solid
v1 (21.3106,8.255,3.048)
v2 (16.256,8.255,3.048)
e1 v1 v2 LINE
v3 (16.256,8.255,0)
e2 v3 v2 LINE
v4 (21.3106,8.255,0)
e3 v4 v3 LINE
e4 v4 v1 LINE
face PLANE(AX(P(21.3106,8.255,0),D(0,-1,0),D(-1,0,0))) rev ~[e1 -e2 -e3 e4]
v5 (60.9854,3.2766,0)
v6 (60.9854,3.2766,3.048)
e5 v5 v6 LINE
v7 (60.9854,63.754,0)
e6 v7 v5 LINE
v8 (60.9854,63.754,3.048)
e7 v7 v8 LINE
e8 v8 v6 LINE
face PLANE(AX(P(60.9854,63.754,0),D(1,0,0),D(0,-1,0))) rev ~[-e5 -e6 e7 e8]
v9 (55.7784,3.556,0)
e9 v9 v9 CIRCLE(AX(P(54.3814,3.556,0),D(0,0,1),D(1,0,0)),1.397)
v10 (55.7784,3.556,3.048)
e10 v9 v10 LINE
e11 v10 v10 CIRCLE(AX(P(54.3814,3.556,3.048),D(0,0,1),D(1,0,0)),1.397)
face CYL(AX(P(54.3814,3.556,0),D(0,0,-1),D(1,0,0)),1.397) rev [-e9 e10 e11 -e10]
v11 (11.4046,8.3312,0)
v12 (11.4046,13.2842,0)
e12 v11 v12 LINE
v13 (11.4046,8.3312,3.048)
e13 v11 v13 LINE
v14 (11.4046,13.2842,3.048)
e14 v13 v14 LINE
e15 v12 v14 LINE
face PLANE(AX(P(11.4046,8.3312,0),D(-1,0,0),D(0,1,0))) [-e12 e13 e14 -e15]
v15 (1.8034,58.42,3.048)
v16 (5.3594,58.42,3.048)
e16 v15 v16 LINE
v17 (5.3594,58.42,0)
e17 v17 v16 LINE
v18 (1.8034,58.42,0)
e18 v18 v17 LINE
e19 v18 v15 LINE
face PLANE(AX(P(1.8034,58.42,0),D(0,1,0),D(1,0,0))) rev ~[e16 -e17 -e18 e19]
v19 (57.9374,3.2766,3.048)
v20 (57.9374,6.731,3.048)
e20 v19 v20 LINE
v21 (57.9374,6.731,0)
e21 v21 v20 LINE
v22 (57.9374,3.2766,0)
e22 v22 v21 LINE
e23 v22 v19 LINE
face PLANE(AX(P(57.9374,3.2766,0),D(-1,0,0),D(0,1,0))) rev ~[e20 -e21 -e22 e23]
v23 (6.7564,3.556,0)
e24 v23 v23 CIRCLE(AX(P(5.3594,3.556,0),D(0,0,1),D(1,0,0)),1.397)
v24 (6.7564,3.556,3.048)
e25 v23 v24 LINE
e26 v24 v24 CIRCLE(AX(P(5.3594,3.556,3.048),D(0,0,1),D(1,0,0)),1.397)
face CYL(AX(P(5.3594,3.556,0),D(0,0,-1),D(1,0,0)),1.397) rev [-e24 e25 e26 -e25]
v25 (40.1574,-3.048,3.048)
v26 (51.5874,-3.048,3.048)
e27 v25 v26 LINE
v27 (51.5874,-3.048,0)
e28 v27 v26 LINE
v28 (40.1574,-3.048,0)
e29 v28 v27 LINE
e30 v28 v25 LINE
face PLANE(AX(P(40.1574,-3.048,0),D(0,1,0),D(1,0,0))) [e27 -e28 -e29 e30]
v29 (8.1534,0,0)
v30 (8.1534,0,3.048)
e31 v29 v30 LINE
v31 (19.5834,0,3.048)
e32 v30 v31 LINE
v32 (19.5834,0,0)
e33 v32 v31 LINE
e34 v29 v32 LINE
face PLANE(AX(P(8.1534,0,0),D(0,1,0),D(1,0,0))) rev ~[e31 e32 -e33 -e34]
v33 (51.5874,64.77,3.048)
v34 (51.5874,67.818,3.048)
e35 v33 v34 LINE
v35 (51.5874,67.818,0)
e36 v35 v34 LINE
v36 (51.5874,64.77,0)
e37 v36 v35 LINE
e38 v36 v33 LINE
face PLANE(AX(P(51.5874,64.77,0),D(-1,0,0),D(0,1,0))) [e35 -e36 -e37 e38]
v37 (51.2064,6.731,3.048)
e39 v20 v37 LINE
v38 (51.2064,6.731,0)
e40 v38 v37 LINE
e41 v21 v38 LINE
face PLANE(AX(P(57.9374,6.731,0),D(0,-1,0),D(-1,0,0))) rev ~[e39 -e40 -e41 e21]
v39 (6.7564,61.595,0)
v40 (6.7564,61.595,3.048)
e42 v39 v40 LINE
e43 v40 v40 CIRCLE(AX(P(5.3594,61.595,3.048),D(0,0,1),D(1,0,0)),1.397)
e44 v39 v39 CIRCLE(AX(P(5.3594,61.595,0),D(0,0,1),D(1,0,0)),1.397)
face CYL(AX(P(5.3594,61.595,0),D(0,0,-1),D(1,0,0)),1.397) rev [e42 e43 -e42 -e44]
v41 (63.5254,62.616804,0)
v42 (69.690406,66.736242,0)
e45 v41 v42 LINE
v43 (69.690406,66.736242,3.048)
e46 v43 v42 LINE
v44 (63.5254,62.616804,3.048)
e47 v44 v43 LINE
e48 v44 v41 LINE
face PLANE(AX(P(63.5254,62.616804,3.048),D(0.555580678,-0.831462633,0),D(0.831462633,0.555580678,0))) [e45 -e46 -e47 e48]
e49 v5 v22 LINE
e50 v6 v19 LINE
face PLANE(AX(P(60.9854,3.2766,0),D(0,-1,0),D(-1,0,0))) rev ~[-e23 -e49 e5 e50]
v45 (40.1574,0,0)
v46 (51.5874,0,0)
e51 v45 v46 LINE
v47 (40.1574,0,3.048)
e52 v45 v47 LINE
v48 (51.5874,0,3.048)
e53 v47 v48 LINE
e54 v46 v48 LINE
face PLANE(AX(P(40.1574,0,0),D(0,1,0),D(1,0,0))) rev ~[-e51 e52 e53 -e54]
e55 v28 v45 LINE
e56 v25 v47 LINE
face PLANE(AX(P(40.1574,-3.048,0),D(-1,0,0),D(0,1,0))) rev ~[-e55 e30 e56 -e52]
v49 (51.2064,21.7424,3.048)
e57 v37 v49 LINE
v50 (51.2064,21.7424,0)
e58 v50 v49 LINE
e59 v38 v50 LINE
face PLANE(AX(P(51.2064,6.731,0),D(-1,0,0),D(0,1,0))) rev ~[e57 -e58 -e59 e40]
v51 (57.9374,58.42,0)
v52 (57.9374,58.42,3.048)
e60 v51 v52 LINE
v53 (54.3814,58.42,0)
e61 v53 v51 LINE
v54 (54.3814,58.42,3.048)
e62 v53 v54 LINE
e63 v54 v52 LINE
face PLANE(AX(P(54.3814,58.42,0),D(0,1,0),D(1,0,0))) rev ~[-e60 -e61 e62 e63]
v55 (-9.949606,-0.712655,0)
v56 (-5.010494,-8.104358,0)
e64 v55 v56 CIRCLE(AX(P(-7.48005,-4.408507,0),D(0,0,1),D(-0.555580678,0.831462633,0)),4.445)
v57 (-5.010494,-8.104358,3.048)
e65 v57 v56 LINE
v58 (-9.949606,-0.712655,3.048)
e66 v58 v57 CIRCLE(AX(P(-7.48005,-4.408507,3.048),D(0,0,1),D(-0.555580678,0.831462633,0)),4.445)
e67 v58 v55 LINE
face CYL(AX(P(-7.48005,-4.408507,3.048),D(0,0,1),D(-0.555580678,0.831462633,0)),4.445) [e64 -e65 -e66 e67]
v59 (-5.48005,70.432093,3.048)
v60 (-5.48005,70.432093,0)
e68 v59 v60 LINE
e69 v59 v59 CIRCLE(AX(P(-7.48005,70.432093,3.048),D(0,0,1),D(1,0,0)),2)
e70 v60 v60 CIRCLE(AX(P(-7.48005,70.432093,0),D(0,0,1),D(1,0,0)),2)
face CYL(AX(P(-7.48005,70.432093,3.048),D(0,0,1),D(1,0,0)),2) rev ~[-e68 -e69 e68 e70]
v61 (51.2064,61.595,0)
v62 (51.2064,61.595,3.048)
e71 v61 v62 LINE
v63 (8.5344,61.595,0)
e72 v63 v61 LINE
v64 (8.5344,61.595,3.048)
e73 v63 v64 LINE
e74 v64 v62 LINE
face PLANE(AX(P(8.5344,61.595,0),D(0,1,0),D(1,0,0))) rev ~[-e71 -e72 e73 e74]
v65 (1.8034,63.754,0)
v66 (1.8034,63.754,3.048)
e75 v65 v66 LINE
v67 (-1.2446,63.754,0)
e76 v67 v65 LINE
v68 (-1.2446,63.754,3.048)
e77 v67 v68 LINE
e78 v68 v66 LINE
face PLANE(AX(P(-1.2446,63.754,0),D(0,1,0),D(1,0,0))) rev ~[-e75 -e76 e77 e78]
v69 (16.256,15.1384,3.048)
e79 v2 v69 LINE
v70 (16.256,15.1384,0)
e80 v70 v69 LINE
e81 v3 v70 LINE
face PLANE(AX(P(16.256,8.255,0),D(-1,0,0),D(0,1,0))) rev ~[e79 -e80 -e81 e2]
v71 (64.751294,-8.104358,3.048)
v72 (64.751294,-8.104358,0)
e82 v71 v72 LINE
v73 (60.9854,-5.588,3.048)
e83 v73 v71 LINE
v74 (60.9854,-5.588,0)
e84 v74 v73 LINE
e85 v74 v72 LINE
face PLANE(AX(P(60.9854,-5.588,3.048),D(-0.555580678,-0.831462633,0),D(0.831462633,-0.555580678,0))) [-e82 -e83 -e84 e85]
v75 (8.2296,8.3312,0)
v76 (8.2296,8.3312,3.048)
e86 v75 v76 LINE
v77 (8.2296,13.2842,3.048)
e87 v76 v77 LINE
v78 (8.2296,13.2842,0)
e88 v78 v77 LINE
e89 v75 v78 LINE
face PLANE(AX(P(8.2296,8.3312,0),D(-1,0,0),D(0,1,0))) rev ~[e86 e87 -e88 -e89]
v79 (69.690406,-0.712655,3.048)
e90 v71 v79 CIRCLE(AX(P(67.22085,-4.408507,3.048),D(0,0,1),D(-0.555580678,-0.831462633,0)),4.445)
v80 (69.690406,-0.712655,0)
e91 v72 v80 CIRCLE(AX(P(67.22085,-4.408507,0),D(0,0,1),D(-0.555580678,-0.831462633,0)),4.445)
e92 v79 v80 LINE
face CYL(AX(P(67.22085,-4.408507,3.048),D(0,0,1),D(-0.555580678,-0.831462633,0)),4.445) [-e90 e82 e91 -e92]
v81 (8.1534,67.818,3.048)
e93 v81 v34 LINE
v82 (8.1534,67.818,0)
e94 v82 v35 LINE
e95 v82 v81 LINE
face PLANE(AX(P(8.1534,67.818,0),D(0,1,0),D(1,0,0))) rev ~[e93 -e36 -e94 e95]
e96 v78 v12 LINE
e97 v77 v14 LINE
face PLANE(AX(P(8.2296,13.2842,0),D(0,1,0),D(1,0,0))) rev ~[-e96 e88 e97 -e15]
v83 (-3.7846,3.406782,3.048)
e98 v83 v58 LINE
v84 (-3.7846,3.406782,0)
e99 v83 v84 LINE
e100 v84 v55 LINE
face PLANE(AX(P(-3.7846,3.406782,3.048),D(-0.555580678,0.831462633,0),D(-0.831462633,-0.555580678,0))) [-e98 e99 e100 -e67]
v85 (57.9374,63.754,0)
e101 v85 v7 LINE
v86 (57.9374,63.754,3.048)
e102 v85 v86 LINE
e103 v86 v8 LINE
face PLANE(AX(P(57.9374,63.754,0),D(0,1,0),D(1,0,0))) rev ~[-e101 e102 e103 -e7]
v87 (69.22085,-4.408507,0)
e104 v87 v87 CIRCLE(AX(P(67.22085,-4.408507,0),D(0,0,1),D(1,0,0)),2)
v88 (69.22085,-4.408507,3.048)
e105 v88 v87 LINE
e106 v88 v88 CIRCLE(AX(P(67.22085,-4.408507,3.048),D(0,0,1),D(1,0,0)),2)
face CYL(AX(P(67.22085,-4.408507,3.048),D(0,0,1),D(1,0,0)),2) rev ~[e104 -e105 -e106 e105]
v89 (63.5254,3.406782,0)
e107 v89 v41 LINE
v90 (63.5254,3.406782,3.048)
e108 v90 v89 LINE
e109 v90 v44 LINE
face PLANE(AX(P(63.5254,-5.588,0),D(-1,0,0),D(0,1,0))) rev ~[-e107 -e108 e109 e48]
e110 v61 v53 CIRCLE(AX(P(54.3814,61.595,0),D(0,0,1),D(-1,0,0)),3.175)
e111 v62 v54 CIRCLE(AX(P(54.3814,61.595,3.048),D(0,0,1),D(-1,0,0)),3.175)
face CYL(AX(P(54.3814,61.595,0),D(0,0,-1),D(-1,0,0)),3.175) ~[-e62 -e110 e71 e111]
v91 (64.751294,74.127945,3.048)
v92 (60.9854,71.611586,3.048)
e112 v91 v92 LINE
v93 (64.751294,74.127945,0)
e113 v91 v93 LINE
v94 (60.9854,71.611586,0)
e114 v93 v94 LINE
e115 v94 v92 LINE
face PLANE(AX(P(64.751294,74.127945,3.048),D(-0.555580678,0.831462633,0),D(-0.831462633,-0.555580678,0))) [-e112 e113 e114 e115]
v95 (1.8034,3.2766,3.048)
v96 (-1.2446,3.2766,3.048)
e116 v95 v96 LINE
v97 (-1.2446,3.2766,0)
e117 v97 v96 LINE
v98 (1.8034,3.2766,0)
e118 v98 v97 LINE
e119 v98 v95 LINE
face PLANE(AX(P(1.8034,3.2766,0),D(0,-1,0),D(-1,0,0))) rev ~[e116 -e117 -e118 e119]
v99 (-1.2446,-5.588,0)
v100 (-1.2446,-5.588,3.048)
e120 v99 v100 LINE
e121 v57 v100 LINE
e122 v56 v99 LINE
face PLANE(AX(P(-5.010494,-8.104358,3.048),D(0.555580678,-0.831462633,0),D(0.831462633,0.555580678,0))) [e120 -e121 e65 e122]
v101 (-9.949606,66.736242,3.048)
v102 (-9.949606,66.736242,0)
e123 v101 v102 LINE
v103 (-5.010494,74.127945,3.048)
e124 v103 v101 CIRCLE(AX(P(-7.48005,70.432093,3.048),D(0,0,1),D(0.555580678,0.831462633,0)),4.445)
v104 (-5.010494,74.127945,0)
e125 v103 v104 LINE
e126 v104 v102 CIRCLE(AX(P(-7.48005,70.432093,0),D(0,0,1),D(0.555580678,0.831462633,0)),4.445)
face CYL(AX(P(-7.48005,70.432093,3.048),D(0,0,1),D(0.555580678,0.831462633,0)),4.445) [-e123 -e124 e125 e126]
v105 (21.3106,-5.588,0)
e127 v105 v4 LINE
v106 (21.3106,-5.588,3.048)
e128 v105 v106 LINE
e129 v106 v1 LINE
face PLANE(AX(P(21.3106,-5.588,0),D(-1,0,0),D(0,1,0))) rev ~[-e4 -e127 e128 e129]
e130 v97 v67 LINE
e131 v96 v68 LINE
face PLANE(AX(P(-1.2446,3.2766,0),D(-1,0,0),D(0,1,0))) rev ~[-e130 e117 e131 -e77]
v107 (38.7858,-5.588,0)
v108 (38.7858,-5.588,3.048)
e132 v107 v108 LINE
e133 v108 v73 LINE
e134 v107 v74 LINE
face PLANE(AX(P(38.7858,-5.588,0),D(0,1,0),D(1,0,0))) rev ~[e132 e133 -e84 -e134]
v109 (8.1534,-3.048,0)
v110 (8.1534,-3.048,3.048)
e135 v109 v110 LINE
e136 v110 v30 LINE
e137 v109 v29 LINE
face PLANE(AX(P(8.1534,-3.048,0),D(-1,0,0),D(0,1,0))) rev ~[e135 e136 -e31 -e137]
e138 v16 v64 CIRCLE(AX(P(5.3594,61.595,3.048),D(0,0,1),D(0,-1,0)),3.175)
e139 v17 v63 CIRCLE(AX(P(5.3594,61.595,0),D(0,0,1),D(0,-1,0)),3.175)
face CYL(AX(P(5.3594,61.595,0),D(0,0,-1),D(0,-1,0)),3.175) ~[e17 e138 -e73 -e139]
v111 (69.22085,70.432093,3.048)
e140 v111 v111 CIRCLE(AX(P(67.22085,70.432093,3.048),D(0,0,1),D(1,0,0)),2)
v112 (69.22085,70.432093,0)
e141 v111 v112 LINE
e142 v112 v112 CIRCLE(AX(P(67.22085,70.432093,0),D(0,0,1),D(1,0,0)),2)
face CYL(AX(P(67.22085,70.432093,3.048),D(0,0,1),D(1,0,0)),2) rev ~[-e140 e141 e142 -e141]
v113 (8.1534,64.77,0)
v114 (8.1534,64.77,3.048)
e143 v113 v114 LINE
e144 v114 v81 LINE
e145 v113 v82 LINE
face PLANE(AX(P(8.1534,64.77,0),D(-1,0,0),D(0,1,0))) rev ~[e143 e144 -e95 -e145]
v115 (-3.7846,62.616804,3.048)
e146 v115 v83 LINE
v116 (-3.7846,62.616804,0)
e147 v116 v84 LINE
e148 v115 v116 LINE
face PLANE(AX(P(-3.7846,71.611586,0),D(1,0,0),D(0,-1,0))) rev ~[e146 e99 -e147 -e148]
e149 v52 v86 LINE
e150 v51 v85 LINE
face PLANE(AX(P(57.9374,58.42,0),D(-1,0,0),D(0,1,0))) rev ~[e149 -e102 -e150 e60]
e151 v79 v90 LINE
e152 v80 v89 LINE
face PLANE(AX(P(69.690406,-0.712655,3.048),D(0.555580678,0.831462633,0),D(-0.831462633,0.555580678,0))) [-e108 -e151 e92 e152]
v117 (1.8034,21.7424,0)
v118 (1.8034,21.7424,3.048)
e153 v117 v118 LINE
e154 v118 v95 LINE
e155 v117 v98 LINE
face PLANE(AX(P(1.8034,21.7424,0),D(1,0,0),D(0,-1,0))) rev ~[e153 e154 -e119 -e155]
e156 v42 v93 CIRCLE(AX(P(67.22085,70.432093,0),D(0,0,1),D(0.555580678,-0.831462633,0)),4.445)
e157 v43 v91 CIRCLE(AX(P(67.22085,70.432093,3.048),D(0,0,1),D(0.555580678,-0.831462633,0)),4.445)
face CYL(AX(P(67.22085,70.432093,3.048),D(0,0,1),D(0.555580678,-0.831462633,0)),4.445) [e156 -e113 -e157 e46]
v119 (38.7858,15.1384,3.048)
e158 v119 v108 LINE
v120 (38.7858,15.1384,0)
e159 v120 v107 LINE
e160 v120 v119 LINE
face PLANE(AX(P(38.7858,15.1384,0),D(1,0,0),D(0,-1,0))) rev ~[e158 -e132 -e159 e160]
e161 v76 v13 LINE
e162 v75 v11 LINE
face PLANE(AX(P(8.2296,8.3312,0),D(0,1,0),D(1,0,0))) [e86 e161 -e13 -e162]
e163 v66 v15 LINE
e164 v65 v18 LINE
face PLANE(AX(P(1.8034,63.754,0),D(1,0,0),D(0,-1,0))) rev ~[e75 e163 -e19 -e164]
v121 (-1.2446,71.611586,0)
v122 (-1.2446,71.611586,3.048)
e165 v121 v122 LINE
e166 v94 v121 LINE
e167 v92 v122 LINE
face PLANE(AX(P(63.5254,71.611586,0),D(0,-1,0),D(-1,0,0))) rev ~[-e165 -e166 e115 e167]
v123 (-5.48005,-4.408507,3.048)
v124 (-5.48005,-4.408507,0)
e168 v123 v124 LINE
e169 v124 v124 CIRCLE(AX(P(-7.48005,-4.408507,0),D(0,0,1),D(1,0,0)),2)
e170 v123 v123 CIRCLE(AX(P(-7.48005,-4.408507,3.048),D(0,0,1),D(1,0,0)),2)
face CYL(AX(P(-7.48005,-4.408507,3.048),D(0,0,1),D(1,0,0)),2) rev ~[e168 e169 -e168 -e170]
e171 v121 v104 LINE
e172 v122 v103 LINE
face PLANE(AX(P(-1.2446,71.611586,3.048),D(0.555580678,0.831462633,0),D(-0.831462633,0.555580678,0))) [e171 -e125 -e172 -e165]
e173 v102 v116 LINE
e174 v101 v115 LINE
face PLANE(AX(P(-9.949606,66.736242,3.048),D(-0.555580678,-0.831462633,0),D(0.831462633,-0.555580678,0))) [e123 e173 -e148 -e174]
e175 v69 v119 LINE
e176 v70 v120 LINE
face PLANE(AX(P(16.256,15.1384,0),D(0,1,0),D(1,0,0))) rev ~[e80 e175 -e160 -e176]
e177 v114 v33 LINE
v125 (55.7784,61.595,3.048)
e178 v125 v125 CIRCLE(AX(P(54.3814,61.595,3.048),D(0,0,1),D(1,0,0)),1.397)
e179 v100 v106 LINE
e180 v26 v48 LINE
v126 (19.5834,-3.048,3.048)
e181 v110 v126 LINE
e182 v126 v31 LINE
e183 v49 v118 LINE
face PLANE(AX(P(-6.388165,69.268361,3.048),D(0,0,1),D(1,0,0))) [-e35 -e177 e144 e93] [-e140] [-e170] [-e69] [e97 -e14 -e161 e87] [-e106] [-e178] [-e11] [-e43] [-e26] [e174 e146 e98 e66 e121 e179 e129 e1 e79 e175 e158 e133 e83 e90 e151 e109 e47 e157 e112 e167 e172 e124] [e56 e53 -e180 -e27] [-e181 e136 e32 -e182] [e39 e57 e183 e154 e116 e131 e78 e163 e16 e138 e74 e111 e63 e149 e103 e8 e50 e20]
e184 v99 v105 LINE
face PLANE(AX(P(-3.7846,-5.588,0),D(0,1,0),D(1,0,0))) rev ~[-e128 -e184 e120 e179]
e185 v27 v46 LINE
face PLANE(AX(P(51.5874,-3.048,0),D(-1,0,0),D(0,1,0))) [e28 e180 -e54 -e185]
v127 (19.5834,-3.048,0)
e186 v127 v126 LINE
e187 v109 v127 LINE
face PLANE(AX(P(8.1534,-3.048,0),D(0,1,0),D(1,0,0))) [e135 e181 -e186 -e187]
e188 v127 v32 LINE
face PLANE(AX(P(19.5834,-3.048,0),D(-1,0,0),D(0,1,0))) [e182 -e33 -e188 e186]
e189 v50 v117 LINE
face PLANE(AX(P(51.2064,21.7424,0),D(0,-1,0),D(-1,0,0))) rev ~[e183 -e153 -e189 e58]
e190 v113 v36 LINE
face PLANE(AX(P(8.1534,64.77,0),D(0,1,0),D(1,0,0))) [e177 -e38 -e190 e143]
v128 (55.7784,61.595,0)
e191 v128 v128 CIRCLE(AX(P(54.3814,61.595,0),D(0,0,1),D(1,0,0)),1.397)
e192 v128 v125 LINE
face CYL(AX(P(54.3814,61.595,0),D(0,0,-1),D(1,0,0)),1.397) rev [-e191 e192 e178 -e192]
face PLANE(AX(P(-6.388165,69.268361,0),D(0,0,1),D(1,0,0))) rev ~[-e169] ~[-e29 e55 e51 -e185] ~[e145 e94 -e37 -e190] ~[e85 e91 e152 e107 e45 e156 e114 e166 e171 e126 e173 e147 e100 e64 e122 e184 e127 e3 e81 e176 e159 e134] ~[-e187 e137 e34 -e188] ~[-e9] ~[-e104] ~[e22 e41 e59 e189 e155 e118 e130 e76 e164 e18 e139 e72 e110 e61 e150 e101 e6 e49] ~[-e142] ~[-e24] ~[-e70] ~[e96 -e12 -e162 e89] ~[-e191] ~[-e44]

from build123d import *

# Parameters (mm, degrees)
SKETCH1_R           = 1.397
SKETCH1_W           = 3.175
SKETCH1_H           = 4.953
SKETCH1_W_2         = 11.43
SKETCH1_H_2         = 3.048
SKETCH1_W_3         = 43.434
BOSS_EXTRUDE1_DEPTH = 3.048
FILLET1_R           = 2.54
SKETCH2_R           = 2
BOSS_EXTRUDE2_DEPTH = 3.048


with BuildPart() as part:
    # Sketch1 → Boss-Extrude1 (new body)
    with BuildSketch(Plane.XY):
        Polygon((-3.7846, 71.611586257), (-3.7846, -5.588), (21.3106, -5.588), (21.3106, -4.3434), (21.3106, 8.255), (16.256, 8.255), (16.256, 15.1384), (38.7858, 15.1384), (38.7858, -4.3434), (38.7858, -5.588), (63.5254, -5.588), (63.5254, 71.611586257), align=None)
        with Locations((5.3594, 3.556)):
            Circle(SKETCH1_R, mode=Mode.SUBTRACT)
        with Locations((9.8171, 10.8077)):
            Rectangle(SKETCH1_W, SKETCH1_H, mode=Mode.SUBTRACT)
        with Locations((13.8684, -1.524)):
            Rectangle(SKETCH1_W_2, SKETCH1_H_2, mode=Mode.SUBTRACT)
        with Locations((45.8724, -1.524)):
            Rectangle(SKETCH1_W_2, SKETCH1_H_2, mode=Mode.SUBTRACT)
        with Locations((54.3814, 3.556)):
            Circle(SKETCH1_R, mode=Mode.SUBTRACT)
        with BuildLine():
            Line((-1.2446, 63.754), (1.8034, 63.754))
            Line((1.8034, 63.754), (1.8034, 58.42))
            Line((1.8034, 58.42), (5.3594, 58.42))
            ThreePointArc((5.3594, 58.42), (7.60446403, 59.34993597), (8.5344, 61.595))
            Line((8.5344, 61.595), (51.2064, 61.595))
            ThreePointArc((51.2064, 61.595), (52.13633597, 59.34993597), (54.3814, 58.42))
            Line((54.3814, 58.42), (57.9374, 58.42))
            Line((57.9374, 58.42), (57.9374, 63.754))
            Line((57.9374, 63.754), (60.9854, 63.754))
            Line((60.9854, 63.754), (60.9854, 3.2766))
            Line((60.9854, 3.2766), (57.9374, 3.2766))
            Line((57.9374, 3.2766), (57.9374, 6.731))
            Line((57.9374, 6.731), (51.2064, 6.731))
            Line((51.2064, 6.731), (51.2064, 21.7424))
            Line((51.2064, 21.7424), (1.8034, 21.7424))
            Line((1.8034, 21.7424), (1.8034, 3.2766))
            Line((1.8034, 3.2766), (-1.2446, 3.2766))
            Line((-1.2446, 3.2766), (-1.2446, 63.754))
        make_face(mode=Mode.SUBTRACT)
        with Locations((5.3594, 61.595)):
            Circle(SKETCH1_R, mode=Mode.SUBTRACT)
        with Locations((29.8704, 66.294)):
            Rectangle(SKETCH1_W_3, SKETCH1_H_2, mode=Mode.SUBTRACT)
        with Locations((54.3814, 61.595)):
            Circle(SKETCH1_R, mode=Mode.SUBTRACT)
    extrude(amount=BOSS_EXTRUDE1_DEPTH)

    # Fillet1
    fillet1_edges = [part.edges().sort_by_distance(p)[0] for p in [
        (-3.7846, -5.588, 1.524),
        (-3.7846, 71.611586257, 1.524),
        (63.5254, 71.611586257, 1.524),
        (63.5254, -5.588, 1.524),
    ]]
    fillet(fillet1_edges, radius=FILLET1_R)

    # Sketch2 → Boss-Extrude2 (add)
    with BuildSketch(Plane.XY.offset(3.048)):
        with BuildLine():
            ThreePointArc((-3.055036152, 70.853136408), (-2.226043482, 71.414313021), (-1.2446, 71.611586257))
            Line((-1.2446, 71.611586257), (-5.010493887, 74.127944533))
            ThreePointArc((-5.010493887, 74.127944533), (-11.175901405, 72.901649241), (-9.949606113, 66.736241724))
            Line((-9.949606113, 66.736241724), (-3.7846, 62.616804315))
            Line((-3.7846, 62.616804315), (-3.7846, 67.961936393))
            ThreePointArc((-3.7846, 67.961936393), (-3.170149461, 69.344535157), (-3.055036152, 70.853136408))
        make_face()
        with Locations((-7.48005, 70.432093129)):
            Circle(SKETCH2_R, mode=Mode.SUBTRACT)
        with BuildLine():
            ThreePointArc((-1.2446, -5.588), (-2.226043482, -5.390726764), (-3.055036152, -4.829550151))
            ThreePointArc((-3.055036152, -4.829550151), (-3.170149461, -3.3209489), (-3.7846, -1.938350136))
            Line((-3.7846, -1.938350136), (-3.7846, 3.406781942))
            Line((-3.7846, 3.406781942), (-9.949606113, -0.712655467))
            ThreePointArc((-9.949606113, -0.712655467), (-11.175901405, -6.878062984), (-5.010493887, -8.104358276))
            Line((-5.010493887, -8.104358276), (-1.2446, -5.588))
        make_face()
        with Locations((-7.48005, -4.408506871)):
            Circle(SKETCH2_R, mode=Mode.SUBTRACT)
        with BuildLine():
            ThreePointArc((64.751293887, -8.104358276), (70.916701405, -6.878062984), (69.690406113, -0.712655467))
            Line((69.690406113, -0.712655467), (63.5254, 3.406781942))
            Line((63.5254, 3.406781942), (63.5254, -1.938350136))
            ThreePointArc((63.5254, -1.938350136), (62.910949461, -3.3209489), (62.795836152, -4.829550151))
            ThreePointArc((62.795836152, -4.829550151), (61.966843482, -5.390726764), (60.9854, -5.588))
            Line((60.9854, -5.588), (64.751293887, -8.104358276))
        make_face()
        with Locations((67.22085, -4.408506871)):
            Circle(SKETCH2_R, mode=Mode.SUBTRACT)
        with BuildLine():
            ThreePointArc((60.9854, 71.611586257), (61.966843482, 71.414313021), (62.795836152, 70.853136408))
            ThreePointArc((62.795836152, 70.853136408), (62.910949461, 69.344535157), (63.5254, 67.961936393))
            Line((63.5254, 67.961936393), (63.5254, 62.616804315))
            Line((63.5254, 62.616804315), (69.690406113, 66.736241724))
            ThreePointArc((69.690406113, 66.736241724), (70.916701405, 72.901649241), (64.751293887, 74.127944533))
            Line((64.751293887, 74.127944533), (60.9854, 71.611586257))
        make_face()
        with Locations((67.22085, 70.432093129)):
            Circle(SKETCH2_R, mode=Mode.SUBTRACT)
    extrude(amount=-BOSS_EXTRUDE2_DEPTH)


solid = part.part
